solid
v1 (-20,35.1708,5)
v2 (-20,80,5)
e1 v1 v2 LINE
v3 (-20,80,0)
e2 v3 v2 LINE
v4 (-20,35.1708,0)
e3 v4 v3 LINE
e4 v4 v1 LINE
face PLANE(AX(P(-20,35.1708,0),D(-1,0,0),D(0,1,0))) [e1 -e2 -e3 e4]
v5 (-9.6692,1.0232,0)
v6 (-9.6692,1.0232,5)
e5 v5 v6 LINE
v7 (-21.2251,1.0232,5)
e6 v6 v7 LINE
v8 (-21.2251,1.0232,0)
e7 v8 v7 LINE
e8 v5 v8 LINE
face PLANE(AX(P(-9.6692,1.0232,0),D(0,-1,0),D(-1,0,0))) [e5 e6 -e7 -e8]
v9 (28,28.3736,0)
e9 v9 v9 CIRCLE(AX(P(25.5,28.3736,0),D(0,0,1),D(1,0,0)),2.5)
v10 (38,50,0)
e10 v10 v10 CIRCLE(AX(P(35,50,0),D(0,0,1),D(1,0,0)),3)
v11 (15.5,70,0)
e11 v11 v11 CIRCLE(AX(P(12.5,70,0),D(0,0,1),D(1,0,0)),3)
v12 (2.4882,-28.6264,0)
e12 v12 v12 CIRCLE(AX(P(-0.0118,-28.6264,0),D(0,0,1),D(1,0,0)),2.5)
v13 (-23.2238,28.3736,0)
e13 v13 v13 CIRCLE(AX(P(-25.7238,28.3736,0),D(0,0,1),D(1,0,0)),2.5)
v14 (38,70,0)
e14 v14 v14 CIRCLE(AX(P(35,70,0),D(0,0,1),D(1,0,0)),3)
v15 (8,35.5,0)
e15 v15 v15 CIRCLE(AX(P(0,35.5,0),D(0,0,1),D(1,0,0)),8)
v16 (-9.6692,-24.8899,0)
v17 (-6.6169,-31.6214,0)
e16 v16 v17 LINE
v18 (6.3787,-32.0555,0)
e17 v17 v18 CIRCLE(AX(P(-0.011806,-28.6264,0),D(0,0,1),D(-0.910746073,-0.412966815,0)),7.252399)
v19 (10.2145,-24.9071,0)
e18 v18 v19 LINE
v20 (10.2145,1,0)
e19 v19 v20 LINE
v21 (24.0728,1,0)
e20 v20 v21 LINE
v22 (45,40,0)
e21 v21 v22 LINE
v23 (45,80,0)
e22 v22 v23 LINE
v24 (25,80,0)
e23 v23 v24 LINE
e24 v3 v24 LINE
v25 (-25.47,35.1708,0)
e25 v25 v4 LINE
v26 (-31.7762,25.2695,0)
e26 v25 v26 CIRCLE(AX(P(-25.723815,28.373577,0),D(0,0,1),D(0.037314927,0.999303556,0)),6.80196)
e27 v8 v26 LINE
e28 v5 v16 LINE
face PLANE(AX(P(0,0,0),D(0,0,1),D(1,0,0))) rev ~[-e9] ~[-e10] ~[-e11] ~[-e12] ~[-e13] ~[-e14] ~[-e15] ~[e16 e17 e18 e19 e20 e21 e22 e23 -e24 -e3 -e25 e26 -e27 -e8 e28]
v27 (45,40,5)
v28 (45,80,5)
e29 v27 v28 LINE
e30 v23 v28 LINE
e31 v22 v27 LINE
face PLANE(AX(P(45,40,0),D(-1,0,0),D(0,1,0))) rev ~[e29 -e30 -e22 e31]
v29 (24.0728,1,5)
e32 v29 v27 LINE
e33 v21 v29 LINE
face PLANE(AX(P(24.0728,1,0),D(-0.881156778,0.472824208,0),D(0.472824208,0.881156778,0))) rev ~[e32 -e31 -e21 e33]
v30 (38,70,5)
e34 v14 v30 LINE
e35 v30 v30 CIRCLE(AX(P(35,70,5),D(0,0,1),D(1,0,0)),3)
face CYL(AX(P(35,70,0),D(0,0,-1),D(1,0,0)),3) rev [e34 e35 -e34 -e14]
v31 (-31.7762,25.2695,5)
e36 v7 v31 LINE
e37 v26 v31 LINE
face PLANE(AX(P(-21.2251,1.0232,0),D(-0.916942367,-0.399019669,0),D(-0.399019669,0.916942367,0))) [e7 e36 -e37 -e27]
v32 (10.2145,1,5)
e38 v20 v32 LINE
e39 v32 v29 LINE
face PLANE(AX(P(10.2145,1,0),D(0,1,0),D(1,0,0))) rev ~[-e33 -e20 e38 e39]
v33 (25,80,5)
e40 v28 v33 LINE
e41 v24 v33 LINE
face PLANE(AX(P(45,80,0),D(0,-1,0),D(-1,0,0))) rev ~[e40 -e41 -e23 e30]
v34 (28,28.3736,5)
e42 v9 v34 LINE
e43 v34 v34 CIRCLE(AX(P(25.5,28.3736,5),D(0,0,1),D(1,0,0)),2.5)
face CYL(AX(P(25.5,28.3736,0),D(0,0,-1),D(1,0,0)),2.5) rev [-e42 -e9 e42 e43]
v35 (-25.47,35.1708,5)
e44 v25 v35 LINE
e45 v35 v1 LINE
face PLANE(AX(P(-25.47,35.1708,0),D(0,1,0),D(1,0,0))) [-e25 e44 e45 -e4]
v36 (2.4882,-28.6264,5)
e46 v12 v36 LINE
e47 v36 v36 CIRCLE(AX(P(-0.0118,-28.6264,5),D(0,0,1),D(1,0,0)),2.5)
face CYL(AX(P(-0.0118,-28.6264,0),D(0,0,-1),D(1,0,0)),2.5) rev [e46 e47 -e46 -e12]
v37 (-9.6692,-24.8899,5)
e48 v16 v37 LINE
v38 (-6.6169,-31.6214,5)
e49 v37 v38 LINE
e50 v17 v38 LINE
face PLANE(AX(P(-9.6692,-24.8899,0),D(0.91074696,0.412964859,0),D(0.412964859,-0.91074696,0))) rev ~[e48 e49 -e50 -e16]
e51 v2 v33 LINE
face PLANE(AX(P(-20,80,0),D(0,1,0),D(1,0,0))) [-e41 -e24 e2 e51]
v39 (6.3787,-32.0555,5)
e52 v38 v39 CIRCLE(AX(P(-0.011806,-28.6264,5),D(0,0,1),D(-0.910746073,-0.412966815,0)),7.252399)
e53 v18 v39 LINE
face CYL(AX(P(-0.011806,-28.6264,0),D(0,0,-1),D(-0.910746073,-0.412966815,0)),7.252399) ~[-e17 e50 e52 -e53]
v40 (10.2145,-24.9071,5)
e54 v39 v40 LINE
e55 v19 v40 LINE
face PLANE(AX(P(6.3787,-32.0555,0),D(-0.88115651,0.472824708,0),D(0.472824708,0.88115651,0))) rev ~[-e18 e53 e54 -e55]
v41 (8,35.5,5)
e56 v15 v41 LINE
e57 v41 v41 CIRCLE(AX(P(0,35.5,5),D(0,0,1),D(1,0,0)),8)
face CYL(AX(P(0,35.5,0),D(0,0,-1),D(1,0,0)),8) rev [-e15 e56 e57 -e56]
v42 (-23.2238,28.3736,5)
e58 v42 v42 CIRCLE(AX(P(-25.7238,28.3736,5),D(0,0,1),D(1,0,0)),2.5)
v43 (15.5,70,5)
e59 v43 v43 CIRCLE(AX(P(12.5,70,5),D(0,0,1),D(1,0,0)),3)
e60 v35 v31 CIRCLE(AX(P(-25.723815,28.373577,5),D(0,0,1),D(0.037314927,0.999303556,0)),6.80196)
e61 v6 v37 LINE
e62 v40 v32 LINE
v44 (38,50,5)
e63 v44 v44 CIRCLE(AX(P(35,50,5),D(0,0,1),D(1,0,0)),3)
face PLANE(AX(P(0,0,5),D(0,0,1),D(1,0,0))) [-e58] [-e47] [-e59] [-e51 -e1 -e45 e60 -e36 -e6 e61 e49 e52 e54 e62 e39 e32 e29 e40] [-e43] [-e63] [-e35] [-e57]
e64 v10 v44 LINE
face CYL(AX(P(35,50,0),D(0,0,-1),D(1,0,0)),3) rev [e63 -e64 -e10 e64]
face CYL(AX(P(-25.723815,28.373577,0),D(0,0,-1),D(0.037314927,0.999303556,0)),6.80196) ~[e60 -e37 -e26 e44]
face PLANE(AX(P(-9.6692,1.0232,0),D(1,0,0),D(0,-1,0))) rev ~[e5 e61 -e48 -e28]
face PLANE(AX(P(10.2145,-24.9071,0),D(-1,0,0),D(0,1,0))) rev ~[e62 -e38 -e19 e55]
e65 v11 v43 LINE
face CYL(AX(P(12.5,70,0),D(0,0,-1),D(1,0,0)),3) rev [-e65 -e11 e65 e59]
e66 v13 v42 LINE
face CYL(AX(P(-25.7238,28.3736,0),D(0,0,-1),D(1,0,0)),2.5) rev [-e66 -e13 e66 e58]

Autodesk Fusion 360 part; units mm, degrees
sketch "Sketch1" plane through (0, 0, 0) normal (0, 0, 1) x (1, 0, 0)
  circle A0 centre (-25.7238, 28.3736) radius 2.5
  circle A1 centre (25.5, 28.3736) radius 2.5
  circle A2 centre (-0.0118, -28.6264) radius 2.5
  line L0 (45, 40) -> (45, 80)
  line L1 (45, 80) -> (25, 80)
  circle A3 centre (35, 50) radius 3
  circle A4 centre (12.5, 70) radius 3
  arc A5 (-6.6169, -31.6214) -> (6.3787, -32.0555) centre (-0.0118, -28.6264) ccw
  line L2 (-9.6692, 1.0232) -> (-9.6692, -24.8899)
  line L3 (10.2145, -24.9071) -> (10.2145, 1)
  line L4 (10.2145, 1) -> (24.0728, 1)
  line L5 (-9.6692, 1.0232) -> (-21.2251, 1.0232)
  line L6 (6.3787, -32.0555) -> (10.2145, -24.9071)
  line L7 (24.0728, 1) -> (45, 40)
  line L8 (-9.6692, -24.8899) -> (-6.6169, -31.6214)
  line L9 (-20, 35.1708) -> (-20, 80)
  line L10 (-20, 80) -> (25, 80)
  line L11 (-21.2251, 1.0232) -> (-31.7762, 25.2695)
  line L12 (-25.47, 35.1708) -> (-20, 35.1708)
  arc A6 (-25.47, 35.1708) -> (-31.7762, 25.2695) centre (-25.7238, 28.3736) ccw
  circle A7 centre (0, 35.5) radius 8
  circle A8 centre (35, 70) radius 3
  point P0 (0, 35.5)
  dimension "d43" = 16
  dimension "d46" = 6
extrude "Extrude5" add sketch "Sketch1" along normal blind 5
